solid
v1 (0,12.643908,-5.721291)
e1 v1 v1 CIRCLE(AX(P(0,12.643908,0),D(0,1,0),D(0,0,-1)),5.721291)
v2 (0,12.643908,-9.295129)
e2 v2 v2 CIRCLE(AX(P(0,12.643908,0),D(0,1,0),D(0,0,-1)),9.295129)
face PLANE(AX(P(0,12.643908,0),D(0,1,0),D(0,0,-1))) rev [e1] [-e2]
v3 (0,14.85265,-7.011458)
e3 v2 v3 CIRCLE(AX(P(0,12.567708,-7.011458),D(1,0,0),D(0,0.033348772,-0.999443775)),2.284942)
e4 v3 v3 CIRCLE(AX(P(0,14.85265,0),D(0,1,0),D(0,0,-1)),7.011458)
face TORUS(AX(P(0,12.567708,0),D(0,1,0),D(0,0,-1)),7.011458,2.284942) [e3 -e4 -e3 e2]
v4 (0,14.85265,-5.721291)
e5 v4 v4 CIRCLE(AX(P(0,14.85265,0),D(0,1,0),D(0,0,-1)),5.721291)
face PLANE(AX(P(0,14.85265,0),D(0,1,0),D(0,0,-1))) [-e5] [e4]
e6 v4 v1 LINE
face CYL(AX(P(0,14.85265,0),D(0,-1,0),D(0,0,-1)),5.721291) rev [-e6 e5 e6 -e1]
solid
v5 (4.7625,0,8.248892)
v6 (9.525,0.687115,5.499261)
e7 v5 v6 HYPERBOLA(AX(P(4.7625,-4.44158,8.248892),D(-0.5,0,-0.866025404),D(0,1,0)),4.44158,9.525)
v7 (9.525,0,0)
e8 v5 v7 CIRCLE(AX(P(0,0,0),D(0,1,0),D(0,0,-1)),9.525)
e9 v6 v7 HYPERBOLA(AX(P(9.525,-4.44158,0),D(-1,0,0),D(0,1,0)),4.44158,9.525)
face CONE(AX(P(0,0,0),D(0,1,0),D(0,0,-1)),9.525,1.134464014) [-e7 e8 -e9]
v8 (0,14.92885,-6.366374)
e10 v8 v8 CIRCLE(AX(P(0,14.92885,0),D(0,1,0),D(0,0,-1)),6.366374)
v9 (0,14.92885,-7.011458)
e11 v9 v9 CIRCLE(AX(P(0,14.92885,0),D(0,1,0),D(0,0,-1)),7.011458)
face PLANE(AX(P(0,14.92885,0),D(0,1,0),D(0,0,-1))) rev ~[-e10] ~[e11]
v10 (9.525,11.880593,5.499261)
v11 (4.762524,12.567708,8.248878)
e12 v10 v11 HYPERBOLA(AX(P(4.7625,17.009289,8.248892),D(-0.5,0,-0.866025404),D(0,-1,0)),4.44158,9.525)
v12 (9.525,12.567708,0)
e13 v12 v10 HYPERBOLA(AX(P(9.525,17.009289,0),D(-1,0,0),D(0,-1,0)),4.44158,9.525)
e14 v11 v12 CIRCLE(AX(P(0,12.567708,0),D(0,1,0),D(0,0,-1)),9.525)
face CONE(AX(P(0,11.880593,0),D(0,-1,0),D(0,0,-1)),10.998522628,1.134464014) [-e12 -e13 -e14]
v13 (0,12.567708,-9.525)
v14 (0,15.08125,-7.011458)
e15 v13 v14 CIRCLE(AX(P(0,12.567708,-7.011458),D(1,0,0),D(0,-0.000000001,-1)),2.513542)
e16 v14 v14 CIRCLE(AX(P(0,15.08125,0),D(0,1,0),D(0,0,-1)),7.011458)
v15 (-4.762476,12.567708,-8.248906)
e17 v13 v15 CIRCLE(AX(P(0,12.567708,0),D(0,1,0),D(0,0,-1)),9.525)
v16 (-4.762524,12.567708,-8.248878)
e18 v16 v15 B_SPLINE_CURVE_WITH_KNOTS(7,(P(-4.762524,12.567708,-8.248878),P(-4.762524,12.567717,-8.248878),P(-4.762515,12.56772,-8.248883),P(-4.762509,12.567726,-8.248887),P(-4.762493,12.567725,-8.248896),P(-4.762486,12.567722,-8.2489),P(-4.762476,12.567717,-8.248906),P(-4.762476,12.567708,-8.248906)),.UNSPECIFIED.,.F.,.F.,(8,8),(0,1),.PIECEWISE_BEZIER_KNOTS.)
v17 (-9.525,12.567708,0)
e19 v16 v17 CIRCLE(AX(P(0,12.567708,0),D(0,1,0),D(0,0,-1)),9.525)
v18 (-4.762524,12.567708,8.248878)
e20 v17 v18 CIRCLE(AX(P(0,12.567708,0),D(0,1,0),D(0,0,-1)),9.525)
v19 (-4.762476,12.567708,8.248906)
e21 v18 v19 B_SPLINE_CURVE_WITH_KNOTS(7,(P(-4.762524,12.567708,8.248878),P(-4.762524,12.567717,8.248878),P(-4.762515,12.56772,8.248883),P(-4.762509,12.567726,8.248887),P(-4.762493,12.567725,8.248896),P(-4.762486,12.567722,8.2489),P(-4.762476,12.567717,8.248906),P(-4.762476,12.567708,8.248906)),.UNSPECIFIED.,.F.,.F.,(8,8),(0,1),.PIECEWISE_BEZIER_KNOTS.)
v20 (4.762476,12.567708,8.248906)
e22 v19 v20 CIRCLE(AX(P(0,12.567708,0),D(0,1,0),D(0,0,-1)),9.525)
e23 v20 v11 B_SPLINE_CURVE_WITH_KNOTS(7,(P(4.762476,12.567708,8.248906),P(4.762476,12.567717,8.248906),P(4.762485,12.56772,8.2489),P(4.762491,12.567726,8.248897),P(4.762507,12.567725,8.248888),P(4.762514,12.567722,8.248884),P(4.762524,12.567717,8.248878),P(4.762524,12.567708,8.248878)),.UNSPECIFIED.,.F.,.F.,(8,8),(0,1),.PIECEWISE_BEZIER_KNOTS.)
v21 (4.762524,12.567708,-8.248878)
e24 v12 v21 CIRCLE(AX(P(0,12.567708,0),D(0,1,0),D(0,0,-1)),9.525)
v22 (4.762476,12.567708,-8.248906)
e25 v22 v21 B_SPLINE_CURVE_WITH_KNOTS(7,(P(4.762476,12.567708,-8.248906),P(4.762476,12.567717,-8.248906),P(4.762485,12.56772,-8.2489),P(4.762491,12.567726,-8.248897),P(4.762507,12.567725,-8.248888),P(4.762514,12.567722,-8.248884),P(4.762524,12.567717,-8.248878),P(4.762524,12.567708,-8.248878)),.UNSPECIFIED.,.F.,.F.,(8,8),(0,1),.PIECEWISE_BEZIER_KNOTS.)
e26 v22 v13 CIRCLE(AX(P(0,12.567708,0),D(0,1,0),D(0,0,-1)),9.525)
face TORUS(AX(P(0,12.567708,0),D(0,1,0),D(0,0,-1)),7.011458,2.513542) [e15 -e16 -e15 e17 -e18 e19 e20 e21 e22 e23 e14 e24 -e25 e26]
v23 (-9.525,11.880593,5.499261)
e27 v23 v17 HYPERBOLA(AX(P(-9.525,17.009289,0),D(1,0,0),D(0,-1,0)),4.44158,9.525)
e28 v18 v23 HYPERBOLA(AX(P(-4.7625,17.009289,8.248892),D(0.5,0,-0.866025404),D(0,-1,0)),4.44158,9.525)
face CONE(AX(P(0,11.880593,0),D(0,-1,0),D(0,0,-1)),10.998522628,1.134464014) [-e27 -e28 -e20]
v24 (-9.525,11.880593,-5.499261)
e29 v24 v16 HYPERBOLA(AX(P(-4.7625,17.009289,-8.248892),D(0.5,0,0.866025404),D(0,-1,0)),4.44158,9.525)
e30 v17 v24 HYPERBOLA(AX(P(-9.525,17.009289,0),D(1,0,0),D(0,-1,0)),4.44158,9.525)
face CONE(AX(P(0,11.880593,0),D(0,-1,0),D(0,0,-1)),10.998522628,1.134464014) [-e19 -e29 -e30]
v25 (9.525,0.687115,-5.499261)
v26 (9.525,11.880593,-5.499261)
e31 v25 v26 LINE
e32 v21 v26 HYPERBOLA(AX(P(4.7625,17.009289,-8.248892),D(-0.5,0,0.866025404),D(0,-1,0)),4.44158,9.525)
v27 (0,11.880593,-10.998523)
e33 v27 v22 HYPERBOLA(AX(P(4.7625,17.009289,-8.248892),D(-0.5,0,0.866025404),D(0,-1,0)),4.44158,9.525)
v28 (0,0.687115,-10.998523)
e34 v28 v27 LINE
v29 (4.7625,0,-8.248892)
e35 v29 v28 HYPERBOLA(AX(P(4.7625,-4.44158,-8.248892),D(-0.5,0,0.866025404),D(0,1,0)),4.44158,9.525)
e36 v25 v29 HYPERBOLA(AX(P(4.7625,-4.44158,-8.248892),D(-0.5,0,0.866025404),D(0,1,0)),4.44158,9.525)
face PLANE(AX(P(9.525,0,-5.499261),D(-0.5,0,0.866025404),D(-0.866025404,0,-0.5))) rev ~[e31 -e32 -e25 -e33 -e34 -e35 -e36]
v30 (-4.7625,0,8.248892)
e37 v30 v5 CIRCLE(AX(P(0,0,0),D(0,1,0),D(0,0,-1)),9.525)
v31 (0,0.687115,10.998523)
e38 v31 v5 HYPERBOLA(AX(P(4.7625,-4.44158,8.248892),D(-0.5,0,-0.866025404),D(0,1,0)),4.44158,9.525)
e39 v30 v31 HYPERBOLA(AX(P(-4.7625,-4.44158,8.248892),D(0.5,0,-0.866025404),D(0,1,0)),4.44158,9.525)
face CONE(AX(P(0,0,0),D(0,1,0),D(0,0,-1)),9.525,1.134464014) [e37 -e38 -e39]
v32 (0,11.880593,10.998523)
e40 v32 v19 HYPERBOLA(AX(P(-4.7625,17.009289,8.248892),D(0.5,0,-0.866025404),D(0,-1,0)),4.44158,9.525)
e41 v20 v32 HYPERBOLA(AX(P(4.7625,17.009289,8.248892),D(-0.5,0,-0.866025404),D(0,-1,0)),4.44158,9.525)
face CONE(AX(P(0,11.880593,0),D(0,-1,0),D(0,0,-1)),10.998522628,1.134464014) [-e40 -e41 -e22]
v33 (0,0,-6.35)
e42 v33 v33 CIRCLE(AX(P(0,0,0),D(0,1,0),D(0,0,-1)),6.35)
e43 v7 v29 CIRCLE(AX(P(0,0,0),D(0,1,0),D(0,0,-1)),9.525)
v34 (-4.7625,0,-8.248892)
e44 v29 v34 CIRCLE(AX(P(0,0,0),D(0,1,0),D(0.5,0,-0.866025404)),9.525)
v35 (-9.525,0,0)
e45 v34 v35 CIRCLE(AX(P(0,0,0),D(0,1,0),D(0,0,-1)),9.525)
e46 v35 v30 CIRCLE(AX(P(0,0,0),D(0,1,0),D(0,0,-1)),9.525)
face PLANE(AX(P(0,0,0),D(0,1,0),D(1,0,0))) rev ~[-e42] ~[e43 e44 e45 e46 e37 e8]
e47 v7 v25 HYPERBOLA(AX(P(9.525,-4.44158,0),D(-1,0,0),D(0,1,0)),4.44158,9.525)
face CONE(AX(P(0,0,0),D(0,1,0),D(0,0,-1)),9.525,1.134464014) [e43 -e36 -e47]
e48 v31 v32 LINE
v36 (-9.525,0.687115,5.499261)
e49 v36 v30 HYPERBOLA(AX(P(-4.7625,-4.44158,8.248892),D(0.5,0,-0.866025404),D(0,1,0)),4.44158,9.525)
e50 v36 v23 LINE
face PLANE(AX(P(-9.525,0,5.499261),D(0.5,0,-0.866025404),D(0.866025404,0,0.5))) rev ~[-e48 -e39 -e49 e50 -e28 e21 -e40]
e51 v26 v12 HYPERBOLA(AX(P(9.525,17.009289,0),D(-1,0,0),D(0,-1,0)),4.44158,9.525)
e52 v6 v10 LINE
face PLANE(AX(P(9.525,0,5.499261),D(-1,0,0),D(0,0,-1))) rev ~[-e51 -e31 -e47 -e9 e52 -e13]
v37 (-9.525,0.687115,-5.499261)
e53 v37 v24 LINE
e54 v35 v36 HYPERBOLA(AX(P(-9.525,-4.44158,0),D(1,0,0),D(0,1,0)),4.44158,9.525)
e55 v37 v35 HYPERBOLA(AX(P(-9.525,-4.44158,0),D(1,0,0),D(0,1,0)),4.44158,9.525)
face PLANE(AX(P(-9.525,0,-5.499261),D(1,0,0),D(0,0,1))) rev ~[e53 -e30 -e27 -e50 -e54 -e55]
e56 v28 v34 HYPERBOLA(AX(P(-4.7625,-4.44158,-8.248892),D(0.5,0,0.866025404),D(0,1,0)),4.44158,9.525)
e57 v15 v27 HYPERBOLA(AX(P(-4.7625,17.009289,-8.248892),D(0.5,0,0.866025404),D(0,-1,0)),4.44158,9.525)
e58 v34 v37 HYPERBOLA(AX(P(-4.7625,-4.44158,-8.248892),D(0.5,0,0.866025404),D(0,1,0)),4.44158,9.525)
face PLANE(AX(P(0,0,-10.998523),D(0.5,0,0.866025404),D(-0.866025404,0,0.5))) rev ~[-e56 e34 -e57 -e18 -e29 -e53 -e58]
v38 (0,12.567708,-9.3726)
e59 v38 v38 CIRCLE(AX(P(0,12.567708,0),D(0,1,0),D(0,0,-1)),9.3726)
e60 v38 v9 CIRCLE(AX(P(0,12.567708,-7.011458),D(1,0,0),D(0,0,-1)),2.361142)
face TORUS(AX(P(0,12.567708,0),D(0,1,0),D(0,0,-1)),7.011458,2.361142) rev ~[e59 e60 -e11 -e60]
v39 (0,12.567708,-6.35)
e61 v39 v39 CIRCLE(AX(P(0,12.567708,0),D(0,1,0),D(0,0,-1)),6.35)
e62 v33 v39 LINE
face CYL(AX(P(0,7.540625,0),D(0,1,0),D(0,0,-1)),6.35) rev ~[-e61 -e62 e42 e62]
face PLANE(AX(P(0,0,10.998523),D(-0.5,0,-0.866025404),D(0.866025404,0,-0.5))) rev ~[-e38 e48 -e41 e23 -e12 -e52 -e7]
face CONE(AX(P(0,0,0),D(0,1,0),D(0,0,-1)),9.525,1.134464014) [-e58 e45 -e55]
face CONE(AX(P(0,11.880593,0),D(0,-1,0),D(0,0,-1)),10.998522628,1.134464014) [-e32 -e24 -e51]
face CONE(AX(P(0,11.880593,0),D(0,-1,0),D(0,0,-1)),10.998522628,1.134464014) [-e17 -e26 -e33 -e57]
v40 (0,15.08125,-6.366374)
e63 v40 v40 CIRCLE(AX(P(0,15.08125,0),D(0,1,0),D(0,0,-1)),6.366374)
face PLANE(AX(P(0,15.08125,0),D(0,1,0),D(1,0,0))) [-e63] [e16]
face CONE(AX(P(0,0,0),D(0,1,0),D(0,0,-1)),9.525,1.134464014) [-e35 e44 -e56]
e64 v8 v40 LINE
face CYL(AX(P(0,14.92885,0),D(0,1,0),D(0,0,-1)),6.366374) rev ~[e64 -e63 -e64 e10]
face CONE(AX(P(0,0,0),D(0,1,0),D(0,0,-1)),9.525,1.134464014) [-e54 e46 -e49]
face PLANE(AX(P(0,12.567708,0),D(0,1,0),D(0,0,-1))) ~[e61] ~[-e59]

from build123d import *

# Parameters (mm, degrees)
EXTRUDE1_DEPTH = 15.08125
SKETCH2_W      = 6.35
SKETCH2_H      = 15.08125


with BuildPart() as part:
    # Sketch1 → Extrude1 (new body)
    with BuildSketch(Plane(origin=(0, 0, 0), x_dir=(1, 0, 0), z_dir=(0, 1, 0))):
        Polygon((0, 10.998522628), (-9.525, 5.499261314), (-9.525, -5.499261314), (0, -10.998522628), (9.525, -5.499261314), (9.525, 5.499261314), align=None)
    extrude(amount=EXTRUDE1_DEPTH)

    # Sketch4 → Cut-Revolve2 (revolve, cut)
    with BuildSketch(Plane(origin=(0, 0, 0), x_dir=(0, 0, -1), z_dir=(1, 0, 0))):
        Polygon((0, 15.08125), (6.35, 15.08125), (5.721290563, 14.788077975), (5.721290563, 0.293172025), (6.35, 0), (0, 0), align=None)
    revolve(axis=Axis((0, 15.08125, 0), (0, 1, 0)), mode=Mode.SUBTRACT)


with BuildPart() as body_2:
    # Sketch2 → Revolve1 (revolve)
    with BuildSketch(Plane(origin=(0, 0, 0), x_dir=(0, 0, -1), z_dir=(1, 0, 0))):
        with Locations((3.175, 7.540625)):
            Rectangle(SKETCH2_W, SKETCH2_H)
    revolve(axis=Axis((0, -6.35, 0), (0, 1, 0)))


with BuildPart() as part_1:
    add(part.part)

    # Combine1: cut body 2
    add(body_2.part, mode=Mode.SUBTRACT)

    # Sketch5 → Cut-Revolve3 (revolve, cut)
    with BuildSketch(Plane(origin=(0, 0, 0), x_dir=(0, 0, -1), z_dir=(1, 0, 0))):
        with BuildLine():
            Line((0, 0), (9.525, 0))
            Line((9.525, 0), (10.998522628, 0.687114886))
            Line((10.998522628, 0.687114886), (10.998522628, 11.880593447))
            Line((10.998522628, 11.880593447), (9.525, 12.567708333))
            ThreePointArc((9.525, 12.567708333), (8.788800691, 14.345050691), (7.011458333, 15.08125))
            Line((7.011458333, 15.08125), (7.011458333, 16.35125))
            Line((7.011458333, 16.35125), (12.268522628, 16.35125))
            Line((12.268522628, 16.35125), (12.268522628, -1.27))
            Line((12.268522628, -1.27), (0, -1.27))
            Line((0, -1.27), (0, 0))
        make_face()
    revolve(axis=Axis((0, 0, 0), (0, 1, 0)), mode=Mode.SUBTRACT)

    # Sketch6 → Cut-Revolve4 (revolve, cut)
    with BuildSketch(Plane(origin=(0, 0, 0), x_dir=(0, 0, -1), z_dir=(1, 0, 0))):
        with BuildLine():
            Line((0, 12.567708333), (9.3726, 12.567708333))
            ThreePointArc((9.3726, 12.567708333), (8.681037617, 14.237287617), (7.011458333, 14.92885))
            Line((7.011458333, 14.92885), (6.366374448, 14.92885))
            Line((6.366374448, 14.92885), (6.366374448, 16.35125))
            Line((6.366374448, 16.35125), (0, 16.35125))
            Line((0, 16.35125), (0, 12.567708333))
        make_face()
    revolve(axis=Axis((0, 16.35125, 0), (0, 1, 0)), mode=Mode.SUBTRACT)


with BuildPart() as body_2_2:
    # Sketch7 → Revolve2 (revolve)
    with BuildSketch(Plane(origin=(0, 0, 0), x_dir=(0, 0, -1), z_dir=(1, 0, 0))):
        with BuildLine():
            Line((5.721290563, 12.643908333), (9.295129058, 12.643908333))
            ThreePointArc((9.295129058, 12.643908333), (8.599986877, 14.210125907), (7.011458333, 14.85265))
            Line((7.011458333, 14.85265), (5.721290563, 14.85265))
            Line((5.721290563, 14.85265), (5.721290563, 12.643908333))
        make_face()
    revolve(axis=Axis((0, 12.643908333, 0), (0, 1, 0)))


solid = Compound([part_1.part, body_2_2.part])
